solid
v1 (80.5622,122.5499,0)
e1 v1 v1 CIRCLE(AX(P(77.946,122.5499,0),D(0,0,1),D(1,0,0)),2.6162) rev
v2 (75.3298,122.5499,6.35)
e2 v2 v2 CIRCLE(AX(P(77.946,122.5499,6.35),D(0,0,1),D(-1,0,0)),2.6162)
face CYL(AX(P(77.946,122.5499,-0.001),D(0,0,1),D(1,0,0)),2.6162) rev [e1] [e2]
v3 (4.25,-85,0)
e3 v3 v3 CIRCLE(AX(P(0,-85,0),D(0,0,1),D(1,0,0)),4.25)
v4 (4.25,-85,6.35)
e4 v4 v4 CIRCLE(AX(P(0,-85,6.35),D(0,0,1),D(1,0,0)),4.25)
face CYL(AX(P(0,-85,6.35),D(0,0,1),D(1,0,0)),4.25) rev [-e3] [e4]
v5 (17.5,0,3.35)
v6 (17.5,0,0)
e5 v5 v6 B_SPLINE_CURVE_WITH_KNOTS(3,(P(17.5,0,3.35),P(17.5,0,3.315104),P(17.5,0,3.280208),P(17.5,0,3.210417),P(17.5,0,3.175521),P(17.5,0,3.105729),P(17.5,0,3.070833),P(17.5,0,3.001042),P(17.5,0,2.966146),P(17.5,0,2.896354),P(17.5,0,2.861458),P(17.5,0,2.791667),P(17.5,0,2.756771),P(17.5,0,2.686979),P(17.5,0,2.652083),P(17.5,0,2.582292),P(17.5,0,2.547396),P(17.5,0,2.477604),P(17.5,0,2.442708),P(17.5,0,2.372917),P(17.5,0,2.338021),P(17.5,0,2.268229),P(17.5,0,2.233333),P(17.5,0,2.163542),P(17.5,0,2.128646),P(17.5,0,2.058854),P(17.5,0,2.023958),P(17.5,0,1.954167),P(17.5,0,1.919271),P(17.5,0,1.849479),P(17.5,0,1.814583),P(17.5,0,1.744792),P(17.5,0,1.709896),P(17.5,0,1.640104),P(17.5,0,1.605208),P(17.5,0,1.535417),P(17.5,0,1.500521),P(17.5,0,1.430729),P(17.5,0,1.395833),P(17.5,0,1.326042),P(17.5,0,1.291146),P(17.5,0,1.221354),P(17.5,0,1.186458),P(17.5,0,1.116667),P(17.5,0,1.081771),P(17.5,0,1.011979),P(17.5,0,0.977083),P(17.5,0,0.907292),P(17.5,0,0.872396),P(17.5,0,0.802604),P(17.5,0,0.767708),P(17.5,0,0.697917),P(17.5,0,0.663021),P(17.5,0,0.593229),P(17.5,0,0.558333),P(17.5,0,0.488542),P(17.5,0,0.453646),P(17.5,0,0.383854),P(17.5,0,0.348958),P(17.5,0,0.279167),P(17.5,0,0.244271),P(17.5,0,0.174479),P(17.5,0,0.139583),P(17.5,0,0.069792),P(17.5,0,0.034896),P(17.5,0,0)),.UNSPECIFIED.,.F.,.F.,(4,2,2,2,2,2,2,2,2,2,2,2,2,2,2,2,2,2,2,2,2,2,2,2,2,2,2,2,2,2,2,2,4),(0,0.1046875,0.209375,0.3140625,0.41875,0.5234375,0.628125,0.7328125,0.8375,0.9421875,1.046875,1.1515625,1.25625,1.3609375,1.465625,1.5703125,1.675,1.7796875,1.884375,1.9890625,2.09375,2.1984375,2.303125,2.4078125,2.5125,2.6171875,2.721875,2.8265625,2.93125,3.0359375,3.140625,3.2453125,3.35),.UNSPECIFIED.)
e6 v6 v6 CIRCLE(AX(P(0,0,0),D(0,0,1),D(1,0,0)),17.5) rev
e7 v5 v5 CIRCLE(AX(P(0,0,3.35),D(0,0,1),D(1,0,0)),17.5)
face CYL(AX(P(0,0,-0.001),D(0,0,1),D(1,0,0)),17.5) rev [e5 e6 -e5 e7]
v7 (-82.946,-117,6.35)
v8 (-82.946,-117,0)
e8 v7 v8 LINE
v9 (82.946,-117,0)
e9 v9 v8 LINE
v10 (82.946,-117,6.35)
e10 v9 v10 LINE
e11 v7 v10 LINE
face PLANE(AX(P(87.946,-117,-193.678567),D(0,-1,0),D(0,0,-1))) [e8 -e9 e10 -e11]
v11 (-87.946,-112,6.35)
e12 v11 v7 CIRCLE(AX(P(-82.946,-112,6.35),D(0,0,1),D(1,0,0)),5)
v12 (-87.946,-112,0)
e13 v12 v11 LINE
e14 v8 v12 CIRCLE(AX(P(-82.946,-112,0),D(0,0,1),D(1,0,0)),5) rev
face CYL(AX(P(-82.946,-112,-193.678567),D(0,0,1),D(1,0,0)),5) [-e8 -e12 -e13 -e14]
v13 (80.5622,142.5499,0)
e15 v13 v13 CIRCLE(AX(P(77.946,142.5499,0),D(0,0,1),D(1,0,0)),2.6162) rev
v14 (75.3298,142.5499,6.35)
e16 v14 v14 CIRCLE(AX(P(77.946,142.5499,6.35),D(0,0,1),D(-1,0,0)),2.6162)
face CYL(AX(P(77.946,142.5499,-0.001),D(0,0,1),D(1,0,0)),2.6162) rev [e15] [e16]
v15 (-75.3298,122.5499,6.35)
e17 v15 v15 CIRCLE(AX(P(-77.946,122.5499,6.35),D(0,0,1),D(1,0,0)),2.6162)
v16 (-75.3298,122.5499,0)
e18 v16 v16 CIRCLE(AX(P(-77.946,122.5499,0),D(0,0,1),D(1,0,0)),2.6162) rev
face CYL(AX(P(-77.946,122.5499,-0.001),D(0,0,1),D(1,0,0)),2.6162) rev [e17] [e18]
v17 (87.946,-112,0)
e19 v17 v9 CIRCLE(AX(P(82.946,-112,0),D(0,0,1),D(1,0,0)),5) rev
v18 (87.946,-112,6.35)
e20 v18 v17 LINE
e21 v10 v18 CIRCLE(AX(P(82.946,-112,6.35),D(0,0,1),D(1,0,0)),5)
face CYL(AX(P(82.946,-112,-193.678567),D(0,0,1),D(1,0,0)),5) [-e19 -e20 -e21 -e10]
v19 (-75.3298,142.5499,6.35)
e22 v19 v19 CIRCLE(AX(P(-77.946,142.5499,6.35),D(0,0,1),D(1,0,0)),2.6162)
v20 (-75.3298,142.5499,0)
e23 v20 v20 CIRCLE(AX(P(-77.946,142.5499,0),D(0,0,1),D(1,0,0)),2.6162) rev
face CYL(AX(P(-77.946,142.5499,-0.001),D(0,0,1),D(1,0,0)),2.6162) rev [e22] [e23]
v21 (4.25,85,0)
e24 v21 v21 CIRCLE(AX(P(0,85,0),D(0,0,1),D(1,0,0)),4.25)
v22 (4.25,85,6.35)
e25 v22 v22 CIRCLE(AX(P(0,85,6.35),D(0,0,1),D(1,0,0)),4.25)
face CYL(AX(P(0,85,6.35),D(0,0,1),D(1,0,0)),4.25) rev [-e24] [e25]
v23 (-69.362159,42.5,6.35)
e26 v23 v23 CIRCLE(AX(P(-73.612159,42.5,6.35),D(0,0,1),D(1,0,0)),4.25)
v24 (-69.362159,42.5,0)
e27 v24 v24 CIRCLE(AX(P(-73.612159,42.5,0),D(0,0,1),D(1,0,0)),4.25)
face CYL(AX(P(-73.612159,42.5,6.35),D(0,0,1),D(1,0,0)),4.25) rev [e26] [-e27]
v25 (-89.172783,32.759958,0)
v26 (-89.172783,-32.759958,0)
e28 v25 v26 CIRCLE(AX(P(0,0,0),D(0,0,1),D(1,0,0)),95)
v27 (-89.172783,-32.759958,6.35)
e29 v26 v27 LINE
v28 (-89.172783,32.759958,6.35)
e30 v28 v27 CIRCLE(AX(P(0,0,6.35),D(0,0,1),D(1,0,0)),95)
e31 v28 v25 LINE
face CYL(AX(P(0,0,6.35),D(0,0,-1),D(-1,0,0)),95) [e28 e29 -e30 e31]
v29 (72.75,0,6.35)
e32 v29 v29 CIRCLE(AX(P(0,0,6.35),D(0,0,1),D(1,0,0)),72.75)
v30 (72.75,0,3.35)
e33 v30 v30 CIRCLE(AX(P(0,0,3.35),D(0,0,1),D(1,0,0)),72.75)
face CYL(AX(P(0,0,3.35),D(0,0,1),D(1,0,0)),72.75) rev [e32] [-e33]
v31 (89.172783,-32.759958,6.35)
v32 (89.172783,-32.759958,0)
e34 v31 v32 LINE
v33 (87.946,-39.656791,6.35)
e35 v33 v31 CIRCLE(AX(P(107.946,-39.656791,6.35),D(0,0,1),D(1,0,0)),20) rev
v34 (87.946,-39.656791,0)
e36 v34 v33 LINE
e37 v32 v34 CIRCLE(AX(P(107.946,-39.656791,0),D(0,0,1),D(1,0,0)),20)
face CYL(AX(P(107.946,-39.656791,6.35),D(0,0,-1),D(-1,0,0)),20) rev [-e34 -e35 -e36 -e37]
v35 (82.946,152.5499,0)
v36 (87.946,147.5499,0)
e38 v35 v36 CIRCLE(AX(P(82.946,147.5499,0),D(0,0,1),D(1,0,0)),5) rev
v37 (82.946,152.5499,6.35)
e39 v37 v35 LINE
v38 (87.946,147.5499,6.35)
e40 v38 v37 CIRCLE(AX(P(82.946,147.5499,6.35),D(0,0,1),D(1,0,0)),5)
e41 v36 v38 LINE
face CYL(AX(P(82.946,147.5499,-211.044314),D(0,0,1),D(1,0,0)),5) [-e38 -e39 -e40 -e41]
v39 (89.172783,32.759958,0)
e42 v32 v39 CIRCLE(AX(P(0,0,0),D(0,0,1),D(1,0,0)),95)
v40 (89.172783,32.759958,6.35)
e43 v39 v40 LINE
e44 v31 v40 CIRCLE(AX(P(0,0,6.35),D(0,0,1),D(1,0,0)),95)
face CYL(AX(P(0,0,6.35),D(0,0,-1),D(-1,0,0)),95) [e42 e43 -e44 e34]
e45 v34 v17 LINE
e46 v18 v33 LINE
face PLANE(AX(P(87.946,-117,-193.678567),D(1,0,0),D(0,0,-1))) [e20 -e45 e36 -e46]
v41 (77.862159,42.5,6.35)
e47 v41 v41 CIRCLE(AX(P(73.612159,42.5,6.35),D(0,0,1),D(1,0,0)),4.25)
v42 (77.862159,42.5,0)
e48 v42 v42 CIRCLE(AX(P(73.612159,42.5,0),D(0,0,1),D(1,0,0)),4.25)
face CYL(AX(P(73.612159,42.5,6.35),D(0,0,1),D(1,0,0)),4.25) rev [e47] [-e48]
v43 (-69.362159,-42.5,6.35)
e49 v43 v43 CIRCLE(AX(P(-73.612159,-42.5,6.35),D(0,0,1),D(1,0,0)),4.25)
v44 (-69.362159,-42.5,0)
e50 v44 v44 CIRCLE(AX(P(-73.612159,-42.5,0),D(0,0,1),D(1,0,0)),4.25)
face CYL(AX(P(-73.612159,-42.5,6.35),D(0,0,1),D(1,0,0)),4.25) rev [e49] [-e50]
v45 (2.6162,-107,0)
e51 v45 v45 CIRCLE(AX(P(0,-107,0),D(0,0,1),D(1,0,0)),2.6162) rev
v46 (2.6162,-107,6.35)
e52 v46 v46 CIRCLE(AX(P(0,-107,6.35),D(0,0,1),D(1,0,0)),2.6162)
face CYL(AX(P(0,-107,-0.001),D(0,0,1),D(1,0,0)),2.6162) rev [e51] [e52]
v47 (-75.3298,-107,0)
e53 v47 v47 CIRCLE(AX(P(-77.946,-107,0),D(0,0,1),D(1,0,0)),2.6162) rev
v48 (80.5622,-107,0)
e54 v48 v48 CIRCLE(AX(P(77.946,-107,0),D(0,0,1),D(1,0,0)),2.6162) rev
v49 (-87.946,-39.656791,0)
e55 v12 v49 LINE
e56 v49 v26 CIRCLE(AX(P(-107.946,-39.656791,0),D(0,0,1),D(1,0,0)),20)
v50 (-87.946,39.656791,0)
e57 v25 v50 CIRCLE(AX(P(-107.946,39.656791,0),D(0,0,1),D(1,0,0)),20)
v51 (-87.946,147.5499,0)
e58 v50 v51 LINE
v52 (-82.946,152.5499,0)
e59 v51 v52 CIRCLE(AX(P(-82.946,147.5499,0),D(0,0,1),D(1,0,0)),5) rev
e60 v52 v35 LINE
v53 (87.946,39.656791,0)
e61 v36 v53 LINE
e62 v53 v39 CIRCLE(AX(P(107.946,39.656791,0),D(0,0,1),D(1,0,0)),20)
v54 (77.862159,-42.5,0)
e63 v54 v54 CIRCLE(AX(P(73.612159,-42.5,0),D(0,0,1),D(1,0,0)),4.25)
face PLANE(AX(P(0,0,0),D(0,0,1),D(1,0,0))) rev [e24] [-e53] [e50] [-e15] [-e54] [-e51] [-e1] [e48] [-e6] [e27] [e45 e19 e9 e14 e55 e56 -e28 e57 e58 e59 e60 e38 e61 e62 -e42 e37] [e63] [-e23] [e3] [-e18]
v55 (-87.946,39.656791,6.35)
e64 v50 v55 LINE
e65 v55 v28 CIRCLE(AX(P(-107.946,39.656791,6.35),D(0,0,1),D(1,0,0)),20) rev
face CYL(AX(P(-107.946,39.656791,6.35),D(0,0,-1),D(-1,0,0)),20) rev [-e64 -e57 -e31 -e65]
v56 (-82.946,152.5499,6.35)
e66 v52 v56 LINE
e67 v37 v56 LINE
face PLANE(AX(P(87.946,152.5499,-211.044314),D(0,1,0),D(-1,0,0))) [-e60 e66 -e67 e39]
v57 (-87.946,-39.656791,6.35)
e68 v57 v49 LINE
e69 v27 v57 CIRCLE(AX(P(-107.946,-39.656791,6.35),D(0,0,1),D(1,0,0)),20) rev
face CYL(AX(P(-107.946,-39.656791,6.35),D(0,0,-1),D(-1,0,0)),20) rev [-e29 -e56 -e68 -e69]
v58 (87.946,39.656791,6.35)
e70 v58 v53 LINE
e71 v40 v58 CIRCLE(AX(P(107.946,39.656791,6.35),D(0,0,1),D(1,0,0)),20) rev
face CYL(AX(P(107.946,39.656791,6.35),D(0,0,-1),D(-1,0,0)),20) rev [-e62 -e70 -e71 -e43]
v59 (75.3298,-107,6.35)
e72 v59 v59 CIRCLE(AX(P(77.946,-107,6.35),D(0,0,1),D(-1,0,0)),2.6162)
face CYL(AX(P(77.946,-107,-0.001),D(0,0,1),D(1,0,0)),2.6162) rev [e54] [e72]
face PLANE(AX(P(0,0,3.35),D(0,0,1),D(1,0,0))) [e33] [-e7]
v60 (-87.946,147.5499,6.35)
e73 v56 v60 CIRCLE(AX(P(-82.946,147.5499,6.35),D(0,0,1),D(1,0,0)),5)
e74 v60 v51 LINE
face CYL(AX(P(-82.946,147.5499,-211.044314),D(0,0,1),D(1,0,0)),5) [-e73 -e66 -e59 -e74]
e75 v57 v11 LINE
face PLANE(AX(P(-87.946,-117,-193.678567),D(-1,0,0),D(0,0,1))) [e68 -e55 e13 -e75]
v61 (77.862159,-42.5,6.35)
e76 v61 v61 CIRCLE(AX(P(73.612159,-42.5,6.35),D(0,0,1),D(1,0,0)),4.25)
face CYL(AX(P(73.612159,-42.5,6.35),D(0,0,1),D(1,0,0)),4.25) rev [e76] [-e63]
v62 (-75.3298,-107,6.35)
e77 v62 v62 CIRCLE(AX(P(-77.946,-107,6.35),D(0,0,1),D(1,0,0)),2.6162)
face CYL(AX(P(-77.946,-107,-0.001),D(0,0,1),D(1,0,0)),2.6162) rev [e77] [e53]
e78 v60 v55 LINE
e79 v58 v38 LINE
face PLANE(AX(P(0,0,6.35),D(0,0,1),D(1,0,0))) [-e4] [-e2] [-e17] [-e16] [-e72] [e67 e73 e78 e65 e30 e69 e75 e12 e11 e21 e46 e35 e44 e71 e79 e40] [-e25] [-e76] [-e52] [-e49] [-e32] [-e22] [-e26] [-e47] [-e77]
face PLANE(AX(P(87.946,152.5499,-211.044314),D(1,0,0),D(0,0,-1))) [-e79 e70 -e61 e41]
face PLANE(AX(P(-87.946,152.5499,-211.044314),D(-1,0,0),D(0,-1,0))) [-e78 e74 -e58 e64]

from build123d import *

# Parameters (mm, degrees)
SKETCH1_R                    = 95
BOSS_EXTRUDE1_DEPTH          = 6.35
BOSS_EXTRUDE2_START          = -6.35
BOSS_EXTRUDE2_DEPTH          = 6.35
SKETCH4_R                    = 72.75
CUT_EXTRUDE2_DEPTH           = 3
CUT_EXTRUDE3_REACH           = 152.749
SKETCH5_R                    = 17.5
TAP_DRILL_FOR_M10X1_5_TAP1_D = 8.5
CUT_EXTRUDE4_REACH           = 152.845
SKETCH3_R                    = 2.6162
BOSS_EXTRUDE3_START          = -6.35
BOSS_EXTRUDE3_DEPTH          = 6.35
CUT_EXTRUDE5_REACH           = 181.824
SKETCH9_R                    = 2.6162
FILLET1_R                    = 20
FILLET2_R                    = 5


with BuildPart() as part:
    # Sketch1 → Boss-Extrude1 (new body)
    with BuildSketch(Plane.XY):
        Circle(SKETCH1_R)
    extrude(amount=BOSS_EXTRUDE1_DEPTH)

    # Sketch2 → Boss-Extrude2 (add)
    with BuildSketch(Plane.XY.offset(6.35).offset(BOSS_EXTRUDE2_START)):
        with BuildLine():
            Line((87.946, -117), (-87.946, -117))
            Line((-87.946, -117), (-87.946, -35.923544981))
            ThreePointArc((-87.946, -35.923544981), (0, -95), (87.946, -35.923544981))
            Line((87.946, -35.923544981), (87.946, -117))
        make_face()
    extrude(amount=BOSS_EXTRUDE2_DEPTH)

    # Sketch4 → Cut-Extrude2 (cut)
    with BuildSketch(Plane.XY.offset(6.35)):
        Circle(SKETCH4_R)
    extrude(amount=-CUT_EXTRUDE2_DEPTH, mode=Mode.SUBTRACT)

    # Sketch5 → Cut-Extrude3 (cut, up to next)
    with BuildSketch(Plane.XY.offset(3.35), mode=Mode.PRIVATE) as cut_extrude3_sk1:
        Circle(SKETCH5_R)
    cut_extrude3_tool1 = extrude(cut_extrude3_sk1.sketch, amount=-CUT_EXTRUDE3_REACH, mode=Mode.PRIVATE) & part.part
    add(cut_extrude3_tool1.solids().sort_by_distance((0, 0, 3.35))[0], mode=Mode.SUBTRACT)

    # Tap Drill for M10x1.5 Tap1 (through all)
    with Locations(Plane(origin=(0, 85, 6.35), x_dir=(1, 0, 0), z_dir=(0, 0, 1))):
        with Locations((0, 0), (73.612159322, -42.5), (73.612159322, -127.5), (0, -170), (-73.612159322, -127.5), (-73.612159322, -42.5)):
            Hole(TAP_DRILL_FOR_M10X1_5_TAP1_D / 2)

    # Sketch3 → Cut-Extrude4 (cut, up to next)
    with BuildSketch(Plane.XY.offset(6.35), mode=Mode.PRIVATE) as cut_extrude4_sk1:
        with Locations((-77.946, -107)):
            Circle(SKETCH3_R)
    cut_extrude4_tool1 = extrude(cut_extrude4_sk1.sketch, amount=-CUT_EXTRUDE4_REACH, mode=Mode.PRIVATE) & part.part
    # Sketch3 → Cut-Extrude4 (cut, up to next)
    with BuildSketch(Plane.XY.offset(6.35), mode=Mode.PRIVATE) as cut_extrude4_sk2:
        with Locations((77.946, -107)):
            Circle(SKETCH3_R)
    cut_extrude4_tool2 = extrude(cut_extrude4_sk2.sketch, amount=-CUT_EXTRUDE4_REACH, mode=Mode.PRIVATE) & part.part
    # Sketch3 → Cut-Extrude4 (cut, up to next)
    with BuildSketch(Plane.XY.offset(6.35), mode=Mode.PRIVATE) as cut_extrude4_sk3:
        with Locations((0, -107)):
            Circle(SKETCH3_R)
    cut_extrude4_tool3 = extrude(cut_extrude4_sk3.sketch, amount=-CUT_EXTRUDE4_REACH, mode=Mode.PRIVATE) & part.part
    add(cut_extrude4_tool1.solids().sort_by_distance((-77.946, -107, 6.35))[0], mode=Mode.SUBTRACT)
    add(cut_extrude4_tool2.solids().sort_by_distance((77.946, -107, 6.35))[0], mode=Mode.SUBTRACT)
    add(cut_extrude4_tool3.solids().sort_by_distance((0, -107, 6.35))[0], mode=Mode.SUBTRACT)

    # Sketch8 → Boss-Extrude3 (add)
    with BuildSketch(Plane.XY.offset(6.35).offset(BOSS_EXTRUDE3_START)):
        with BuildLine():
            Line((87.946, 152.5499), (-87.946, 152.5499))
            Line((-87.946, 152.5499), (-87.946, 35.923544981))
            ThreePointArc((-87.946, 35.923544981), (0, 95), (87.946, 35.923544981))
            Line((87.946, 35.923544981), (87.946, 152.5499))
        make_face()
    extrude(amount=BOSS_EXTRUDE3_DEPTH)

    # Sketch9 → Cut-Extrude5 (cut, up to next)
    with BuildSketch(Plane.XY.offset(6.35), mode=Mode.PRIVATE) as cut_extrude5_sk1:
        with Locations((-77.946, 142.5499)):
            Circle(SKETCH9_R)
    cut_extrude5_tool1 = extrude(cut_extrude5_sk1.sketch, amount=-CUT_EXTRUDE5_REACH, mode=Mode.PRIVATE) & part.part
    # Sketch9 → Cut-Extrude5 (cut, up to next)
    with BuildSketch(Plane.XY.offset(6.35), mode=Mode.PRIVATE) as cut_extrude5_sk2:
        with Locations((-77.946, 122.5499)):
            Circle(SKETCH9_R)
    cut_extrude5_tool2 = extrude(cut_extrude5_sk2.sketch, amount=-CUT_EXTRUDE5_REACH, mode=Mode.PRIVATE) & part.part
    # Sketch9 → Cut-Extrude5 (cut, up to next)
    with BuildSketch(Plane.XY.offset(6.35), mode=Mode.PRIVATE) as cut_extrude5_sk3:
        with Locations((77.946, 122.5499)):
            Circle(SKETCH9_R)
    cut_extrude5_tool3 = extrude(cut_extrude5_sk3.sketch, amount=-CUT_EXTRUDE5_REACH, mode=Mode.PRIVATE) & part.part
    # Sketch9 → Cut-Extrude5 (cut, up to next)
    with BuildSketch(Plane.XY.offset(6.35), mode=Mode.PRIVATE) as cut_extrude5_sk4:
        with Locations((77.946, 142.5499)):
            Circle(SKETCH9_R)
    cut_extrude5_tool4 = extrude(cut_extrude5_sk4.sketch, amount=-CUT_EXTRUDE5_REACH, mode=Mode.PRIVATE) & part.part
    add(cut_extrude5_tool1.solids().sort_by_distance((-77.946, 142.5499, 6.35))[0], mode=Mode.SUBTRACT)
    add(cut_extrude5_tool2.solids().sort_by_distance((-77.946, 122.5499, 6.35))[0], mode=Mode.SUBTRACT)
    add(cut_extrude5_tool3.solids().sort_by_distance((77.946, 122.5499, 6.35))[0], mode=Mode.SUBTRACT)
    add(cut_extrude5_tool4.solids().sort_by_distance((77.946, 142.5499, 6.35))[0], mode=Mode.SUBTRACT)

    # Fillet1
    fillet1_edges = [part.edges().sort_by_distance(p)[0] for p in [
        (-87.946, -35.923544981, 3.175),
        (87.946, -35.923544981, 3.175),
        (-87.946, 35.923544981, 3.175),
        (87.946, 35.923544981, 3.175),
    ]]
    fillet(fillet1_edges, radius=FILLET1_R)

    # Fillet2
    fillet2_edges = [part.edges().sort_by_distance(p)[0] for p in [
        (-87.946, -117, 3.175),
        (87.946, -117, 3.175),
        (-87.946, 152.5499, 3.175),
        (87.946, 152.5499, 3.175),
    ]]
    fillet(fillet2_edges, radius=FILLET2_R)


solid = part.part
